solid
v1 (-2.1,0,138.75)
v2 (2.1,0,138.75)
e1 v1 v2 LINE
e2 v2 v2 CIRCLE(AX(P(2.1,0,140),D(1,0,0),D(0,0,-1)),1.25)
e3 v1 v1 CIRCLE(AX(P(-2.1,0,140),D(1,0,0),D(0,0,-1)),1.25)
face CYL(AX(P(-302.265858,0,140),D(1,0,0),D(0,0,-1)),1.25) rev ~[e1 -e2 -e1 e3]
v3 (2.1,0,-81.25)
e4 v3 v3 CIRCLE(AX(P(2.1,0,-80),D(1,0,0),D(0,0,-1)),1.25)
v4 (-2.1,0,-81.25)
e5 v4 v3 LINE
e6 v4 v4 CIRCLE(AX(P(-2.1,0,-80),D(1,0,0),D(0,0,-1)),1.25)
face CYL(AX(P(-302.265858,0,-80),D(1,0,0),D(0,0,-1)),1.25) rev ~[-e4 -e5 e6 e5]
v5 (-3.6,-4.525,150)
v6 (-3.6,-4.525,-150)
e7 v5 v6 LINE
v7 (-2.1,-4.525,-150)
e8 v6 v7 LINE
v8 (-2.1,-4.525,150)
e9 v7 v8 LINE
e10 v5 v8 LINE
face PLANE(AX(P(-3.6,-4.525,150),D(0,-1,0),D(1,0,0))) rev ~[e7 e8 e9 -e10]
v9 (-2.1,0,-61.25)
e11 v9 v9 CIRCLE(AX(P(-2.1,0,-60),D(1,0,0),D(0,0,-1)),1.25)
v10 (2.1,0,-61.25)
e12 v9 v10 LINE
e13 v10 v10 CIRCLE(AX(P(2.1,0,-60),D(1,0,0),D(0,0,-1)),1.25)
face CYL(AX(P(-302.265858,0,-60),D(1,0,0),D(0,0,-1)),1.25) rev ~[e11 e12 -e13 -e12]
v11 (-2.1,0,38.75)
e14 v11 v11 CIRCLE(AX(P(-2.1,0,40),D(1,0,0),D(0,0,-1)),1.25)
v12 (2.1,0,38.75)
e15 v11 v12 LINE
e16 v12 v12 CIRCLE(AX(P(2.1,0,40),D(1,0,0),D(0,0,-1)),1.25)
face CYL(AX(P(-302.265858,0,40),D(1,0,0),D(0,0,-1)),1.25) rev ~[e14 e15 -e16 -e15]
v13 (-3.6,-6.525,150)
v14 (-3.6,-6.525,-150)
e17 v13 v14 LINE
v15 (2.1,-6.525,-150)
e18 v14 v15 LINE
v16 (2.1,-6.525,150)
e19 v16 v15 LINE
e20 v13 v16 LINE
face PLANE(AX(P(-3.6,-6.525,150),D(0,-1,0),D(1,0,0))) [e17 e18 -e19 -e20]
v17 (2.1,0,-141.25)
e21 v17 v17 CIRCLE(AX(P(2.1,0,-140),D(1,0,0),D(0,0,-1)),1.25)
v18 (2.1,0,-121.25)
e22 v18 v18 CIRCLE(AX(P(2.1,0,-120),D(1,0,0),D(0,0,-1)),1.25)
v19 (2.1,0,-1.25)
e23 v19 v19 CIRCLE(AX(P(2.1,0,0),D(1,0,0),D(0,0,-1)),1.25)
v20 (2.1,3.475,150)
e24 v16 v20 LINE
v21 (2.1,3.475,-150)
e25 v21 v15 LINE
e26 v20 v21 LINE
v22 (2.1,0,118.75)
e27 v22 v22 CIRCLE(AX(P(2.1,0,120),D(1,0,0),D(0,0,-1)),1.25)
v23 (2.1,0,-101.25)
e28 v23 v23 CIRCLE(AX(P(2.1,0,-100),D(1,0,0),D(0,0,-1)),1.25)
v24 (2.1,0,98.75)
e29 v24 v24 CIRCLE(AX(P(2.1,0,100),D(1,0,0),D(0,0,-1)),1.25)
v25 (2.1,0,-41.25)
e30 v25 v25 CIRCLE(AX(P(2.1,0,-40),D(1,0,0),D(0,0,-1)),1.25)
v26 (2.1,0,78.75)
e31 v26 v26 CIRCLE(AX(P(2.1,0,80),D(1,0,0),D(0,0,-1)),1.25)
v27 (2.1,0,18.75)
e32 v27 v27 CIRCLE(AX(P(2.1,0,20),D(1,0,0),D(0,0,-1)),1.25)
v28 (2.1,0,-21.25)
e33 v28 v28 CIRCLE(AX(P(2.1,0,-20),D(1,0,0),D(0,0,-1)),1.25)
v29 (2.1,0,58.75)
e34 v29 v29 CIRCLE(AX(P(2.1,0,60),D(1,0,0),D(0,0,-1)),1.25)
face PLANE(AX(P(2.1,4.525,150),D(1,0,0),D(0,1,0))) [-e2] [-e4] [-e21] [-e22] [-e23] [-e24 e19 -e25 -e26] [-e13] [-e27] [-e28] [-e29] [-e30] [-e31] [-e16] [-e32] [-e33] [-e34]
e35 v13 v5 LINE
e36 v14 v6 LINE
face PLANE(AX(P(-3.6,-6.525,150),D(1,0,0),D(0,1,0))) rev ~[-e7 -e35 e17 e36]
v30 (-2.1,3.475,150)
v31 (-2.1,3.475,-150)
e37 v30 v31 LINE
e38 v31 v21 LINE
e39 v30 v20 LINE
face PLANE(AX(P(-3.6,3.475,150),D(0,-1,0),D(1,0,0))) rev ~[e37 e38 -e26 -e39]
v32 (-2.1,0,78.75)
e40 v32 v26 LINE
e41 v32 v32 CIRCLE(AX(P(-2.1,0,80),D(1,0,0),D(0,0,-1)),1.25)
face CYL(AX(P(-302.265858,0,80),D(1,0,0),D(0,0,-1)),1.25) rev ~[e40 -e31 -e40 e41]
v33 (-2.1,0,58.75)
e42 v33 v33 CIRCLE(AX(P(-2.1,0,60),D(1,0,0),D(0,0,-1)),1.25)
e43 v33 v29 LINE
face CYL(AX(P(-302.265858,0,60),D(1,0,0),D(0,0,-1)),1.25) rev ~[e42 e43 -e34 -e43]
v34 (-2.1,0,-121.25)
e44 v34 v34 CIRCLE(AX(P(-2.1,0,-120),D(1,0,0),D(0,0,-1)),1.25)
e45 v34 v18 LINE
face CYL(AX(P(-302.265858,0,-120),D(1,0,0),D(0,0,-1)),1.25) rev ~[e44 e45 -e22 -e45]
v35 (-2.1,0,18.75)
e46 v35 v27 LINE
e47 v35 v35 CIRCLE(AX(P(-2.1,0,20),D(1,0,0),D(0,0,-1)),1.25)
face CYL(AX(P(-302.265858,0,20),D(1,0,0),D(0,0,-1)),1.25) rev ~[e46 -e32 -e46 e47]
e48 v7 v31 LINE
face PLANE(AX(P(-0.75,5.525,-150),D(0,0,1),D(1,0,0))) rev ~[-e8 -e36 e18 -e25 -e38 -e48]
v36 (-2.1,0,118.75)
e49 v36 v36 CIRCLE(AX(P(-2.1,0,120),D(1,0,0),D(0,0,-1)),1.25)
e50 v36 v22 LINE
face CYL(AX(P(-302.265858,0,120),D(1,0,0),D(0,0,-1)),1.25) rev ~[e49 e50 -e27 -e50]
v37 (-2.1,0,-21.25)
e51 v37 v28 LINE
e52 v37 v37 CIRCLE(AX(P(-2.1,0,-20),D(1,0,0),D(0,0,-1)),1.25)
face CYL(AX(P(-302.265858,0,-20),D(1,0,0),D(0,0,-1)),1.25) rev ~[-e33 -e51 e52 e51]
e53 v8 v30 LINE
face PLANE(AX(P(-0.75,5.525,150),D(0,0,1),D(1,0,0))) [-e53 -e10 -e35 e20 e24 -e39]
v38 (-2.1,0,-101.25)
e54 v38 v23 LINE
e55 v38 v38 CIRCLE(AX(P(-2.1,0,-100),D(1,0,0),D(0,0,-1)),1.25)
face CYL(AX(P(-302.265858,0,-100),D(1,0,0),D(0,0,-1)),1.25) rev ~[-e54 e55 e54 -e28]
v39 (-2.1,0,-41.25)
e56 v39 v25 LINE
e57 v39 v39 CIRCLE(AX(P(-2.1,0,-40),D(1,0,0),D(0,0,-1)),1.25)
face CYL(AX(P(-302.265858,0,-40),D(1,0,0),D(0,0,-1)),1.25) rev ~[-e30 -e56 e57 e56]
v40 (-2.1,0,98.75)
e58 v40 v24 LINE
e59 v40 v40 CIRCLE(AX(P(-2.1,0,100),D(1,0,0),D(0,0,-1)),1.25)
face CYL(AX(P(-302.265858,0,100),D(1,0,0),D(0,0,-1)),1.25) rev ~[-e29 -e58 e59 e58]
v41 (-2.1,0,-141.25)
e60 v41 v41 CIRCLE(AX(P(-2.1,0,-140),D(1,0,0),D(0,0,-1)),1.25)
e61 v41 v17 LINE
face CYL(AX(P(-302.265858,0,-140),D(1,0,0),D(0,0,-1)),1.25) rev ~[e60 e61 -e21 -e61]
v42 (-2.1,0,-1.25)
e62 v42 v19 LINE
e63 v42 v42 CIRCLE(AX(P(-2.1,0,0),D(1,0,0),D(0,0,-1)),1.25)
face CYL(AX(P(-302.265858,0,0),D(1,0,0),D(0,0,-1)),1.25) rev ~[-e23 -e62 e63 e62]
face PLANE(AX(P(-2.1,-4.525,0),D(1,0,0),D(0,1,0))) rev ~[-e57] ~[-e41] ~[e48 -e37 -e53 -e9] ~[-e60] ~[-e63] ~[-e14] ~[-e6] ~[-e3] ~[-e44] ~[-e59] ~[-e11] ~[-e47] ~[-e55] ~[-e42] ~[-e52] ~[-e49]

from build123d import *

# Parameters (mm, degrees)
SKETCH1_W             = 4.2
SKETCH1_H             = 9.05
BOSS_EXTRUDE1_DEPTH   = 150
M3X0_5_TAPPED_HOLE1_D = 2.5
LPATTERN1_COUNT       = 15
LPATTERN1_PITCH       = 20
SKETCH7_W             = 5.7
SKETCH7_H             = 2
BOSS_EXTRUDE3_DEPTH   = 300
SKETCH9_W             = 5.7
SKETCH9_H             = 3.05
CUT_EXTRUDE2_DEPTH    = 301


with BuildPart() as part:
    # Sketch1 → Boss-Extrude1 (new body, symmetric)
    with BuildSketch(Plane.XY):
        Rectangle(SKETCH1_W, SKETCH1_H)
    extrude(amount=BOSS_EXTRUDE1_DEPTH, both=True)

    # M3x0.5 Tapped Hole1 (through all)
    with Locations(Plane.ZY.offset(2.1)):
        with Locations((-140, 0)):
            m3x0_5_tapped_hole1 = Hole(M3X0_5_TAPPED_HOLE1_D / 2)

    # LPattern1: M3x0.5 Tapped Hole1 ×15
    with Locations(*[(0, 0, i * LPATTERN1_PITCH) for i in range(1, LPATTERN1_COUNT)]):
        add(m3x0_5_tapped_hole1, mode=Mode.SUBTRACT)

    # Sketch7 → Boss-Extrude3 (add)
    with BuildSketch(Plane.XY.offset(150)):
        with Locations((-0.75, 5.525)):
            Rectangle(SKETCH7_W, SKETCH7_H)
        with Locations((-0.75, -5.525)):
            Rectangle(SKETCH7_W, SKETCH7_H)
    extrude(amount=-BOSS_EXTRUDE3_DEPTH)

    # Sketch9 → Cut-Extrude2 (cut, through all)
    with BuildSketch(Plane.XY.offset(150)):
        with Locations((-0.75, 5)):
            Rectangle(SKETCH9_W, SKETCH9_H)
    extrude(amount=-CUT_EXTRUDE2_DEPTH, mode=Mode.SUBTRACT)


solid = part.part
